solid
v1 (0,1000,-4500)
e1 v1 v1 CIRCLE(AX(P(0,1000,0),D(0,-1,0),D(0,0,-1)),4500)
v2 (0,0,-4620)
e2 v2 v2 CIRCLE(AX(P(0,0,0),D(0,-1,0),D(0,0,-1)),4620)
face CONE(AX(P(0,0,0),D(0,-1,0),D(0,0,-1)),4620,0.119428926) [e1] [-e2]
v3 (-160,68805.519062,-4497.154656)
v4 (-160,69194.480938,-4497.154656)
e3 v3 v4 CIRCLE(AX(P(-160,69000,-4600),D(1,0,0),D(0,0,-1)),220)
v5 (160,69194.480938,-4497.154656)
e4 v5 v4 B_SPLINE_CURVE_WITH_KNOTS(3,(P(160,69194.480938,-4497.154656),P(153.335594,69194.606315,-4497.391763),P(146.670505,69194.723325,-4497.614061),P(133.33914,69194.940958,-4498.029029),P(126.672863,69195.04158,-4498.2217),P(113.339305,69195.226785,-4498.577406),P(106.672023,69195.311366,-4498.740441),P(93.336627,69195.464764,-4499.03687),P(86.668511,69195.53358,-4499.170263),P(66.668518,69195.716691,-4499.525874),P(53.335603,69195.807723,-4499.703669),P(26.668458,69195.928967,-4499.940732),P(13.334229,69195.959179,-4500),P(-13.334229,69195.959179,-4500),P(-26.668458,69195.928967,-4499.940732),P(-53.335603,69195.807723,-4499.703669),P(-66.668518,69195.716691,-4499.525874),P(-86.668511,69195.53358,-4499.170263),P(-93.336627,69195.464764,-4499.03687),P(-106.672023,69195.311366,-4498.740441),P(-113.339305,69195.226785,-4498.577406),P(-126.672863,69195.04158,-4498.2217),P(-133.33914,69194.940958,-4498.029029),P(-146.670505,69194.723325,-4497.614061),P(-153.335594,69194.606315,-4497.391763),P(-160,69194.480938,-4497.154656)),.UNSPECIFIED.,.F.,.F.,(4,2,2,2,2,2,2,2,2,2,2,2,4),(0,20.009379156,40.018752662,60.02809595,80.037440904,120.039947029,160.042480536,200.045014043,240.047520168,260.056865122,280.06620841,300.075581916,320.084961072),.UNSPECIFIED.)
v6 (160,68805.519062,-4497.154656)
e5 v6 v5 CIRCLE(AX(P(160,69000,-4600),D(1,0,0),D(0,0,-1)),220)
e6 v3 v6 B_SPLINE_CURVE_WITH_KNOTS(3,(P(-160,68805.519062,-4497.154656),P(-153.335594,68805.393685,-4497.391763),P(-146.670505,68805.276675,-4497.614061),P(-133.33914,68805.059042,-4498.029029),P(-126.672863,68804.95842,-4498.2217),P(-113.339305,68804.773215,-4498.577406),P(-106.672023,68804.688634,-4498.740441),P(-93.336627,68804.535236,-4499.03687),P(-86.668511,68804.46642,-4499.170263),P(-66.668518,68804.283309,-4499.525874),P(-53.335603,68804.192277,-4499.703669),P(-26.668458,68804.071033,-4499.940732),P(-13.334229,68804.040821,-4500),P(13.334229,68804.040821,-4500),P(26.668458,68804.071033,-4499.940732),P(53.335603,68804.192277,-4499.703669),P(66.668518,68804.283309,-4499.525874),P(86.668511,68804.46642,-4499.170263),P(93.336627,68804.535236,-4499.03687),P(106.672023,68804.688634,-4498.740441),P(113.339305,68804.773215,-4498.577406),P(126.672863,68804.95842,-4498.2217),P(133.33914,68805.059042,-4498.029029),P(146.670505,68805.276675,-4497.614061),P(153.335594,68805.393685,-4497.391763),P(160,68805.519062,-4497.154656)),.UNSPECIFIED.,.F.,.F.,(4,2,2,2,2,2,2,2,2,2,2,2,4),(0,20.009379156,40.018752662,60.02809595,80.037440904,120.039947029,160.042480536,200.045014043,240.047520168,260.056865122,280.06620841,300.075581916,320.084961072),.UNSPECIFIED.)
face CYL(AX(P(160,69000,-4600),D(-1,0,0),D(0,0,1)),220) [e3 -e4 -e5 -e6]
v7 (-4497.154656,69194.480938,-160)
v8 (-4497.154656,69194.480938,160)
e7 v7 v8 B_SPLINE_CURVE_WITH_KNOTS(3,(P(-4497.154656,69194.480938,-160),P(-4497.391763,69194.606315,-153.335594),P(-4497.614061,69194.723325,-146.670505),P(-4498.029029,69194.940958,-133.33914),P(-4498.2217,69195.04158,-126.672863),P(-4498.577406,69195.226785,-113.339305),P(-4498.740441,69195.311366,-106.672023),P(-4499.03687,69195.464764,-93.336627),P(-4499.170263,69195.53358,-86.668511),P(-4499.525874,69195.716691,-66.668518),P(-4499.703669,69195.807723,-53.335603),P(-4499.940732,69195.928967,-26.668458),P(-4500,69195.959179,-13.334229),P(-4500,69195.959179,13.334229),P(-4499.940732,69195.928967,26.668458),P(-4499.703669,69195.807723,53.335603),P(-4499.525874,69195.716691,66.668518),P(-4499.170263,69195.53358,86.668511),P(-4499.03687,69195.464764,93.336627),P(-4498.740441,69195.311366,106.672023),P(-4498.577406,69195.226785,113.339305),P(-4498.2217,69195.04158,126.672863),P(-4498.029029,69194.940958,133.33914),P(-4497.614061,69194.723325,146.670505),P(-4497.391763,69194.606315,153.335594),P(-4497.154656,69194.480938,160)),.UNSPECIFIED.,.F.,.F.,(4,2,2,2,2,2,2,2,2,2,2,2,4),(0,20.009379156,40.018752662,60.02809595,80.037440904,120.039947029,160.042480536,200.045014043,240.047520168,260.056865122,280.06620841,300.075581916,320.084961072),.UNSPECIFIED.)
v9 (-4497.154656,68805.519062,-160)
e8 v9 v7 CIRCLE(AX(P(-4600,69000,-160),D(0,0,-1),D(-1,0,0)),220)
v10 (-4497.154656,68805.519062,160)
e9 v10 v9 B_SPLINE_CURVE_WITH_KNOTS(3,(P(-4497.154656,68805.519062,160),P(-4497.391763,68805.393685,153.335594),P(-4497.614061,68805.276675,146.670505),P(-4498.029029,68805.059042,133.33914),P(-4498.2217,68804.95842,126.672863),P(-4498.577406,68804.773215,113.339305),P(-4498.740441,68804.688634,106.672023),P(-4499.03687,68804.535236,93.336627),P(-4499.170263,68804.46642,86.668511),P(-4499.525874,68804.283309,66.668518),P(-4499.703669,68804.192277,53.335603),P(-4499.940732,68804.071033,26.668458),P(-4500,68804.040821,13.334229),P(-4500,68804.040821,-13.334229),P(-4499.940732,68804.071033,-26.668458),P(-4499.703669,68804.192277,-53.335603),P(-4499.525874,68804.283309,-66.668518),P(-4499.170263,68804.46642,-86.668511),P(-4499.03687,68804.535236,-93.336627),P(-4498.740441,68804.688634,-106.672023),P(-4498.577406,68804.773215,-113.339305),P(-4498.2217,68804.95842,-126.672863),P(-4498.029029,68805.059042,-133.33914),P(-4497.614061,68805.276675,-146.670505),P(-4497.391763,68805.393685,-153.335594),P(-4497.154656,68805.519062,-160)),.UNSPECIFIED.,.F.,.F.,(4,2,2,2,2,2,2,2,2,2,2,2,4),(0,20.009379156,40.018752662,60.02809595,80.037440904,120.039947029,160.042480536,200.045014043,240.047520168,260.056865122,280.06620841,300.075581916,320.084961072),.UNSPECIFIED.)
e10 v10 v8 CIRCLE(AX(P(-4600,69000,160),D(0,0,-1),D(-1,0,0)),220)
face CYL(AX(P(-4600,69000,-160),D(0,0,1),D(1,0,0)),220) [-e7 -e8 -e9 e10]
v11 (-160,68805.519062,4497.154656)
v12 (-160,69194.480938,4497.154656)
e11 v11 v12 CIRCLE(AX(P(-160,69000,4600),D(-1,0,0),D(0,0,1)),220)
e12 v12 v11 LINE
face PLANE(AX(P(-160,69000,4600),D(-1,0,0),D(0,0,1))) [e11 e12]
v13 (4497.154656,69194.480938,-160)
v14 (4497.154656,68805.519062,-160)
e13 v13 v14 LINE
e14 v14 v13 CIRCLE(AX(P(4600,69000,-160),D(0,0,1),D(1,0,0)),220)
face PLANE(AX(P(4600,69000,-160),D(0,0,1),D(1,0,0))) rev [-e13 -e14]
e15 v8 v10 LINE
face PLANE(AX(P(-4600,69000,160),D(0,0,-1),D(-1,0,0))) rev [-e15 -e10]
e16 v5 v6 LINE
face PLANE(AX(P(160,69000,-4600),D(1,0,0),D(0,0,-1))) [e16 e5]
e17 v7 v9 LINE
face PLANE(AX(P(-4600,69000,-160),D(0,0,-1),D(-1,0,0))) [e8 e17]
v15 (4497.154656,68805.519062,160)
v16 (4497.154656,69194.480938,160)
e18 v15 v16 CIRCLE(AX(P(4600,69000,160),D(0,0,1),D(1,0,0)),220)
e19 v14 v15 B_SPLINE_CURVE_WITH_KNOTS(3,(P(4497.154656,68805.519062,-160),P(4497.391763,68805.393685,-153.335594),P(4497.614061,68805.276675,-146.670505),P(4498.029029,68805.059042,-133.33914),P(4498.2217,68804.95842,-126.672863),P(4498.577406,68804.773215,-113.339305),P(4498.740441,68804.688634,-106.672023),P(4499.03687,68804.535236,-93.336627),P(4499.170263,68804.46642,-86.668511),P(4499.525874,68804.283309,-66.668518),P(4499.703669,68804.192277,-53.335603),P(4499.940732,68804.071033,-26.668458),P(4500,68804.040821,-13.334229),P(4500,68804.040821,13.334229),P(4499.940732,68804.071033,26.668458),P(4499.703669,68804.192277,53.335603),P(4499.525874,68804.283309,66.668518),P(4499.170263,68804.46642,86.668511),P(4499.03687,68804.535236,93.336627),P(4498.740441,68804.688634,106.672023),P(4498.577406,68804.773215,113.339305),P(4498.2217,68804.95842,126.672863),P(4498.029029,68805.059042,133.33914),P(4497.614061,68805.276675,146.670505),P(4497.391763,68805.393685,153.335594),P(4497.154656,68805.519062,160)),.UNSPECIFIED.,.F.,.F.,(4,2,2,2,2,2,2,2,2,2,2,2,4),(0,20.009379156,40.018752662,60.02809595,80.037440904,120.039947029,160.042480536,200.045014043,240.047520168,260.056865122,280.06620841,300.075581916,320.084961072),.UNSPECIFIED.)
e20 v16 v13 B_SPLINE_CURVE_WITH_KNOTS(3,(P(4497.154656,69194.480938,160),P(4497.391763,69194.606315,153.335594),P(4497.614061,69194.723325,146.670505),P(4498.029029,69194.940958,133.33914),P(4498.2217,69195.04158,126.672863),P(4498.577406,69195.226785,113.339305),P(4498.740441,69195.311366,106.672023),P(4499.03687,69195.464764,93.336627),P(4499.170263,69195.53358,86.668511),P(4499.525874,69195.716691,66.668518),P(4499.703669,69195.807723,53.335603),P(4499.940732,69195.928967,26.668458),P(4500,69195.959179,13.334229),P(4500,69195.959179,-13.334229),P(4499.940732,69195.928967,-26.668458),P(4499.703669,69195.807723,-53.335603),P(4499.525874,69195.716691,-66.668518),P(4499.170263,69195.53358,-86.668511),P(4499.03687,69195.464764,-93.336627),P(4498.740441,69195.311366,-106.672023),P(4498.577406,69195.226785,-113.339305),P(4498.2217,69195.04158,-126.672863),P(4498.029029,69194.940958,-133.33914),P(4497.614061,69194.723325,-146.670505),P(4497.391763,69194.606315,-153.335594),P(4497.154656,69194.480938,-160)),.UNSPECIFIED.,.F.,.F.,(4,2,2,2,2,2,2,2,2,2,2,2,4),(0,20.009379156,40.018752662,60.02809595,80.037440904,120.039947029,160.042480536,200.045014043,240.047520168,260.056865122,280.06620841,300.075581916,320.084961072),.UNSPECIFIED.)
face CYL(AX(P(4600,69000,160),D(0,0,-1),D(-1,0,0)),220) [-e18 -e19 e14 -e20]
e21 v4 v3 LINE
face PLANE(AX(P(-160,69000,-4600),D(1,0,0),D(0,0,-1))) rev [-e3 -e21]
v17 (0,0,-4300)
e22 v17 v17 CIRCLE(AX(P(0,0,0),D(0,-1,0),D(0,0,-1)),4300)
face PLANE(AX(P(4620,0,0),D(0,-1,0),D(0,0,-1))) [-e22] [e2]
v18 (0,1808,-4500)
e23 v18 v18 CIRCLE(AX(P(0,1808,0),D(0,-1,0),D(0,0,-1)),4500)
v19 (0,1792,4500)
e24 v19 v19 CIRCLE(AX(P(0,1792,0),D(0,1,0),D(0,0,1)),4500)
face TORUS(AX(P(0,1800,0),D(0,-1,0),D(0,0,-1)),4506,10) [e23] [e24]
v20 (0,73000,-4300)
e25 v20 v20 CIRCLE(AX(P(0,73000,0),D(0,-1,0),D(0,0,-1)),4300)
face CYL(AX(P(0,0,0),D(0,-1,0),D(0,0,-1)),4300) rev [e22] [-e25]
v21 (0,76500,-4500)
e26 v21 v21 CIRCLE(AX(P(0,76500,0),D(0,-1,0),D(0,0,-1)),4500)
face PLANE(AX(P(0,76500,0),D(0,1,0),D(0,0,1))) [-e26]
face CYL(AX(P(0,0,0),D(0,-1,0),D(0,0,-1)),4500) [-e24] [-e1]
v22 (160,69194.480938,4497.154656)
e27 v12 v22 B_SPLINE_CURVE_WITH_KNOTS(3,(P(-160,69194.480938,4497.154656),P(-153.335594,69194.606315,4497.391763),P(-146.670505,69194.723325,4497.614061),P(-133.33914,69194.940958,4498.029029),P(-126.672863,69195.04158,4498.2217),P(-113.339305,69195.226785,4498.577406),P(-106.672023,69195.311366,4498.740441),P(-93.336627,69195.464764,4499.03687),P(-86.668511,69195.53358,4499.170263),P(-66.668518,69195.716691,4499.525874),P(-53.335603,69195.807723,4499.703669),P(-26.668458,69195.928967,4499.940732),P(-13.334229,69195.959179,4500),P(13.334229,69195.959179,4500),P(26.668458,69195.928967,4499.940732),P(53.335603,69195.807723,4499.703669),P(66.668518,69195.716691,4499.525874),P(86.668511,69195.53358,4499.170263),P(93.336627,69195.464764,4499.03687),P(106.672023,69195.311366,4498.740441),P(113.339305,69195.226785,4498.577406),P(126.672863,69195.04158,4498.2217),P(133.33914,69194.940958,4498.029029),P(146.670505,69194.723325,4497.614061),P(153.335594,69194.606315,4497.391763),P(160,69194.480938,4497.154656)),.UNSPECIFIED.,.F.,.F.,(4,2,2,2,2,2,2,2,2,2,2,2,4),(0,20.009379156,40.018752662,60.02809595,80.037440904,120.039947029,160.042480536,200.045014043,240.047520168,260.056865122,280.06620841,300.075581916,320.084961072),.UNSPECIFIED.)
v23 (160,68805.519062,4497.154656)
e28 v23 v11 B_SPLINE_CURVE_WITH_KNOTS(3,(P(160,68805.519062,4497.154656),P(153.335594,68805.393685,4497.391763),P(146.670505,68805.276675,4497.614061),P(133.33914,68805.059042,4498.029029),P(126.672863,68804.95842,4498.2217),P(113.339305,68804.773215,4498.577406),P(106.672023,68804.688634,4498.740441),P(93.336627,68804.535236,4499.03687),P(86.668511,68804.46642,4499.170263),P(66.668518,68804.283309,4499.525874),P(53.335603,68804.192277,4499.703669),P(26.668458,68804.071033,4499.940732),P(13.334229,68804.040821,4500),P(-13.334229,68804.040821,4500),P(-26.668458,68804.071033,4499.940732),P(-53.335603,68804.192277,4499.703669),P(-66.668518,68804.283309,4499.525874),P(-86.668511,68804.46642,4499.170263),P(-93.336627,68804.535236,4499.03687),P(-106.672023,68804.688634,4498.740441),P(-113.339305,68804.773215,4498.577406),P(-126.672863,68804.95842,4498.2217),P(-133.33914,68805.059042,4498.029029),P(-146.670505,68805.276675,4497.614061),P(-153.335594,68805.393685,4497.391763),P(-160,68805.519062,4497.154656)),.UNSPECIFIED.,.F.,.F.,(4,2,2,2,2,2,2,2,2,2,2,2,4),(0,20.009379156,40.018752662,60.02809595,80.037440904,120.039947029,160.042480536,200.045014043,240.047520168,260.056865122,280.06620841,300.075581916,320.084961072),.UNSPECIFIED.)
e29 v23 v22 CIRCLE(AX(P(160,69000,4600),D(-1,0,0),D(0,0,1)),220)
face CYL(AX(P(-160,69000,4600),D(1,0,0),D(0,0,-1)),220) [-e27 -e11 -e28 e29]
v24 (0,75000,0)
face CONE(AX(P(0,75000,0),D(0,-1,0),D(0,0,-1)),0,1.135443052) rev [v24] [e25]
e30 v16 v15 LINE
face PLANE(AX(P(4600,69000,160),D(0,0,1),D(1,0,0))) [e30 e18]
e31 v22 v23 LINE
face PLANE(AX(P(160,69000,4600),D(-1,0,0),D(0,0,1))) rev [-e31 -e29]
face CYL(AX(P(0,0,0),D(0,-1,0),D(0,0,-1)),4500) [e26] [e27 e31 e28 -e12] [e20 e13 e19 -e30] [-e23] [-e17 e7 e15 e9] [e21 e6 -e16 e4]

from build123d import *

# Parameters (mm, degrees)
SKETCH2_R           = 10
SKETCH6_R           = 220
BOSS_EXTRUDE1_DEPTH = 160
CIRPATTERN1_COUNT   = 4


with BuildPart() as part:
    # Sketch1 → Revolve1 (revolve)
    with BuildSketch(Plane.XY, mode=Mode.PRIVATE) as revolve1_sk:
        Polygon((0, 76500), (4500, 76500), (4500, 1000), (4620, 0), (4300, 0), (4300, 1500), (4300, 73000), (0, 75000), align=None)
    revolve(revolve1_sk.sketch.rotate(Axis((0, 0, 0), (0, 1, 0)), 90), axis=Axis((0, 0, 0), (0, 1, 0)))

    # Sketch2 → Revolve2 (revolve)
    with BuildSketch(Plane.XY, mode=Mode.PRIVATE) as revolve2_sk:
        with Locations((4506, 1800)):
            Circle(SKETCH2_R)
    revolve(revolve2_sk.sketch.rotate(Axis((0, 0, 0), (0, 1, 0)), 90), axis=Axis((0, 0, 0), (0, 1, 0)))

    # Sketch6 → Boss-Extrude1 (add, symmetric)
    with BuildSketch(Plane.XY):
        with Locations((4600, 69000)):
            Circle(SKETCH6_R)
    boss_extrude1 = extrude(amount=BOSS_EXTRUDE1_DEPTH, both=True)

    # CirPattern1: Boss-Extrude1 ×4 about axis
    cirpattern1_axis = Axis((0, 0, 0), (0, 1, 0))
    for i in range(1, CIRPATTERN1_COUNT):
        add(boss_extrude1.rotate(cirpattern1_axis, i * 360 / CIRPATTERN1_COUNT))


solid = part.part
